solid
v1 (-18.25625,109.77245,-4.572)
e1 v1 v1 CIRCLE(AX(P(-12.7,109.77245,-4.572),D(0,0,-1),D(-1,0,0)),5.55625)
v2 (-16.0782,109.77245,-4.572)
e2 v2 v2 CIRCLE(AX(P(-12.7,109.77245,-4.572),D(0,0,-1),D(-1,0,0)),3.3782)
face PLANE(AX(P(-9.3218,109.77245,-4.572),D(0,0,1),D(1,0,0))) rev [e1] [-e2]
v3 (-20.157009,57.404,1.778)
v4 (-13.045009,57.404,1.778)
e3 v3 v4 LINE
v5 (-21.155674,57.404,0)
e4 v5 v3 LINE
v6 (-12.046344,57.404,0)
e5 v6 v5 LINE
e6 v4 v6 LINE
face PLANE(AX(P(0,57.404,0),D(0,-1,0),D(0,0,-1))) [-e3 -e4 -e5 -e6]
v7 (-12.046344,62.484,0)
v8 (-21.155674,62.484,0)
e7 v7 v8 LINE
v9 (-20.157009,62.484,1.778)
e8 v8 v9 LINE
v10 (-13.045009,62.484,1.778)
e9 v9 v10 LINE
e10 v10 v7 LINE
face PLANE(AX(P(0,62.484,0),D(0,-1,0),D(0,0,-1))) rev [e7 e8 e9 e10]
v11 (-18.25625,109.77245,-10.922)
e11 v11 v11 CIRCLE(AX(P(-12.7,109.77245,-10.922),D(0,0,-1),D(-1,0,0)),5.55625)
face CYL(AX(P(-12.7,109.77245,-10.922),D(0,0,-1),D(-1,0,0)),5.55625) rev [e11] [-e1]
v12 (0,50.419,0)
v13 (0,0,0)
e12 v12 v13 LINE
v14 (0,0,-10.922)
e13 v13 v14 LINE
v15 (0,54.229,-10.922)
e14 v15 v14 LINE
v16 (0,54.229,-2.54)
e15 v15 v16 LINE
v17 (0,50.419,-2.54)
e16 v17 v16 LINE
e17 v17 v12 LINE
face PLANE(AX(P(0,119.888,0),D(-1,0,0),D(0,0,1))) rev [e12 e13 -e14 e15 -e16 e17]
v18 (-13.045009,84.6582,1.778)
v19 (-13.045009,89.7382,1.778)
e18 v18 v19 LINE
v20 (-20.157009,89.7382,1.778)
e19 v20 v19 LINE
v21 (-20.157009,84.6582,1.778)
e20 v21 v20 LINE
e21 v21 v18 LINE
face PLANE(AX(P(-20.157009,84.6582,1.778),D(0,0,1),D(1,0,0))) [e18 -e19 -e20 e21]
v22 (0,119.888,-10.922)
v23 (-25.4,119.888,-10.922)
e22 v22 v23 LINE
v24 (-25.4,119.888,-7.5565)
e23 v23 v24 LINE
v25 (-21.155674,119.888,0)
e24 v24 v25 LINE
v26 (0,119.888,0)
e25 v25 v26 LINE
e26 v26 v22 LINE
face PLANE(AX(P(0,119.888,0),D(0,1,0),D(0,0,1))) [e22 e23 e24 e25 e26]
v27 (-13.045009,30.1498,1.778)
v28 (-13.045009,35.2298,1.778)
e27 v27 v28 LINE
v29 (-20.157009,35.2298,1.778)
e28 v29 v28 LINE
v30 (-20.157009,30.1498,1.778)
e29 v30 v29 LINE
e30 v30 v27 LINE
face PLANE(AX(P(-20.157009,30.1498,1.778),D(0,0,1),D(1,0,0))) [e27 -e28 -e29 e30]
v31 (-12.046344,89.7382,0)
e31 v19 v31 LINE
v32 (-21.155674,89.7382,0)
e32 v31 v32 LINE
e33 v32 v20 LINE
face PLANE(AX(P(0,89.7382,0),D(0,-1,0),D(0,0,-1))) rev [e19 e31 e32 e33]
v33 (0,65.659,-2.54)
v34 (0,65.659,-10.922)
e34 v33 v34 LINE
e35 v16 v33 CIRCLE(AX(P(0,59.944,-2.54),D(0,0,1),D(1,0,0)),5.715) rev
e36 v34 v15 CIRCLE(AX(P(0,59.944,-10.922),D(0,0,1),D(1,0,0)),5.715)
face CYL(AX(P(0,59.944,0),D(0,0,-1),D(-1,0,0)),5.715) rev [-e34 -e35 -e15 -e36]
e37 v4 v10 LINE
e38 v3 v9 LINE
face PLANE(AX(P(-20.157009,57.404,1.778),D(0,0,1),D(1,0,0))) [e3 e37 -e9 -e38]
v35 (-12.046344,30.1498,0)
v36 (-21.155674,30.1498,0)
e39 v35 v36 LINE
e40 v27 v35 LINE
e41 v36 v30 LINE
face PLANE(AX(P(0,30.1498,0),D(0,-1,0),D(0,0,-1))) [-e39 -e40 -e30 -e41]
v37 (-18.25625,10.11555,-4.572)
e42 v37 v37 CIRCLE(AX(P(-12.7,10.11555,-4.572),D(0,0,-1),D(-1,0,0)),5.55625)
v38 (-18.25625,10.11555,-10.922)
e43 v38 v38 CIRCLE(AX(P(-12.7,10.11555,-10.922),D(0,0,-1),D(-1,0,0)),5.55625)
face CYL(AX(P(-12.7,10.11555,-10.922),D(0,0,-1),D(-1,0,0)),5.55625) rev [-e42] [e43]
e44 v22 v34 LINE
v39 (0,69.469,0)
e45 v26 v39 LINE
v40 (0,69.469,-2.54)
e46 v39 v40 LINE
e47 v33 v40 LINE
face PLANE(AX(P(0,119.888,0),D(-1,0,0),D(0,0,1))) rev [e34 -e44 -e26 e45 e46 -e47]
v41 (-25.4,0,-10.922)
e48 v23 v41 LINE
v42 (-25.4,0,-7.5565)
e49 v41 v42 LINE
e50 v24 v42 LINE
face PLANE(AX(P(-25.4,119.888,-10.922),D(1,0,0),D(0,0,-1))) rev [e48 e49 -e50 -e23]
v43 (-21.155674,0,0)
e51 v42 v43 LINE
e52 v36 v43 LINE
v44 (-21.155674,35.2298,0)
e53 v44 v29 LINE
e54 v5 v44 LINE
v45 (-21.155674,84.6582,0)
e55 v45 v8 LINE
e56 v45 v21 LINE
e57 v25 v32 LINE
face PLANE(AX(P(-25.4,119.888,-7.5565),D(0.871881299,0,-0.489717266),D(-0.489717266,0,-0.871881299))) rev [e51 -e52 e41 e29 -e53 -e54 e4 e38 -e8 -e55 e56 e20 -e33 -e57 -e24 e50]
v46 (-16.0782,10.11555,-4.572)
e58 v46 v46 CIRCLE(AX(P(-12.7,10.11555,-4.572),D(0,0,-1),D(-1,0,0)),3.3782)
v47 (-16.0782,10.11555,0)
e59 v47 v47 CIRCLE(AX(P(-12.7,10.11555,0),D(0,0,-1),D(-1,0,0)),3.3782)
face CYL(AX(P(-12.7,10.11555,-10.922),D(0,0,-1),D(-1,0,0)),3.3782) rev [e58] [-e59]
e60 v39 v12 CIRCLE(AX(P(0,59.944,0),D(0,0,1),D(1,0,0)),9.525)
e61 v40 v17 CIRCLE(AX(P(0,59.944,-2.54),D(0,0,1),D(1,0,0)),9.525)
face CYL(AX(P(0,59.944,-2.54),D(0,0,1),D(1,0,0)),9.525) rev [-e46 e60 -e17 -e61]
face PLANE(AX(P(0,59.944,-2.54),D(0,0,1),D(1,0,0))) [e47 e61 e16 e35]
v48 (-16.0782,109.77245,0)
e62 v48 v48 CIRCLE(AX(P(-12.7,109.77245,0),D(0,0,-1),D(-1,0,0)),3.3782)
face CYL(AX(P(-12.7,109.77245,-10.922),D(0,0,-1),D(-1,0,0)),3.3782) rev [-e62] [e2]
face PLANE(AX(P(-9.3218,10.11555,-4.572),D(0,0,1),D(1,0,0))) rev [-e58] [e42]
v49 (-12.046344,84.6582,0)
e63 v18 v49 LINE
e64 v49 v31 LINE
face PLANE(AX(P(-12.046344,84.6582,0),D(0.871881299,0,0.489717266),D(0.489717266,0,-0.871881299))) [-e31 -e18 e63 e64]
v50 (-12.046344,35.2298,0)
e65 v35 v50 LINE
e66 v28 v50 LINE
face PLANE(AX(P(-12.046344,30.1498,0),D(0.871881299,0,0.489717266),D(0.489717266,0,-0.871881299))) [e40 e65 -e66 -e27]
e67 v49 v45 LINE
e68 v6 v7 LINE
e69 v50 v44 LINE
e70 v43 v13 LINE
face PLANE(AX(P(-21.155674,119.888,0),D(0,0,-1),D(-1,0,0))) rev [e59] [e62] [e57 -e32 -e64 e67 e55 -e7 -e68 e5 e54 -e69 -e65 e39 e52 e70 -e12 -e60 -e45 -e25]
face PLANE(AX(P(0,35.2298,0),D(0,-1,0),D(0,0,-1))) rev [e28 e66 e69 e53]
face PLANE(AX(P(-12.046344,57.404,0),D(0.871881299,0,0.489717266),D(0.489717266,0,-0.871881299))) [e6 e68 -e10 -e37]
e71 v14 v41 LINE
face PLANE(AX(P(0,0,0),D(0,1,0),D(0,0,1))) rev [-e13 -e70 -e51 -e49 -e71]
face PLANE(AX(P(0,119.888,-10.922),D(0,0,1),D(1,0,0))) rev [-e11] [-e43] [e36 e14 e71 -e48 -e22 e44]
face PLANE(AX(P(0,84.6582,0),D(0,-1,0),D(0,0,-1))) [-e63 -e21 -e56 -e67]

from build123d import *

# Parameters (mm, degrees)
BOSS_EXTRUDE1_DEPTH                              = 119.888
CBORE_FOR_1_4_SOCKET_HEAD_CAP_SCREW1_D           = 6.7564
CBORE_FOR_1_4_SOCKET_HEAD_CAP_SCREW1_CBORE_D     = 11.1125
CBORE_FOR_1_4_SOCKET_HEAD_CAP_SCREW1_CBORE_DEPTH = 6.35
SKETCH4_R                                        = 5.715
CUT_EXTRUDE1_DEPTH                               = 124.034883785
BOSS_EXTRUDE2_DEPTH                              = 2.54
LPATTERN1_COUNT                                  = 2
LPATTERN1_PITCH                                  = 27.2542
LPATTERN1_COL_COUNT                              = 2
LPATTERN1_COL_PITCH                              = 27.2542
SKETCH6_R                                        = 9.525
CUT_EXTRUDE2_DEPTH                               = 2.54


with BuildPart() as part:
    # Sketch1 → Boss-Extrude1 (new body)
    with BuildSketch(Plane(origin=(0, 0, 0), x_dir=(1, 0, 0), z_dir=(0, 1, 0))):
        Polygon((0, 0), (0, 10.922), (-25.4, 10.922), (-25.4, 7.5565), (-21.155673935, 0), align=None)
    extrude(amount=BOSS_EXTRUDE1_DEPTH)

    # CBORE for 1/4 Socket Head Cap Screw1 (through all)
    with Locations(Plane(origin=(0, 0, -10.922), x_dir=(-1, 0, 0), z_dir=(0, 0, -1))):
        with Locations((12.7, 109.77245), (12.7, 10.11555)):
            CounterBoreHole(CBORE_FOR_1_4_SOCKET_HEAD_CAP_SCREW1_D / 2, CBORE_FOR_1_4_SOCKET_HEAD_CAP_SCREW1_CBORE_D / 2, CBORE_FOR_1_4_SOCKET_HEAD_CAP_SCREW1_CBORE_DEPTH)

    # Sketch4 → Cut-Extrude1 (cut, through all)
    with BuildSketch(Plane(origin=(0, 0, -10.922), x_dir=(-1, 0, 0), z_dir=(0, 0, -1))):
        with Locations((0, 59.944)):
            Circle(SKETCH4_R)
    extrude(amount=-CUT_EXTRUDE1_DEPTH, mode=Mode.SUBTRACT)

    # Sketch5 → Boss-Extrude2 (add, symmetric)
    with BuildSketch(Plane(origin=(0, 59.944, 0), x_dir=(1, 0, 0), z_dir=(0, 1, 0))):
        Polygon((-21.155673935, 0), (-20.157008978, -1.778), (-13.045008978, -1.778), (-12.046344022, 0), align=None)
    boss_extrude2 = extrude(amount=BOSS_EXTRUDE2_DEPTH, both=True)

    # LPattern1: Boss-Extrude2 ×2
    with Locations(*[(0, -i * LPATTERN1_PITCH, 0) for i in range(1, LPATTERN1_COUNT)]):
        add(boss_extrude2)

    # LPattern1 col: Boss-Extrude2 ×2
    with Locations(*[(0, i * LPATTERN1_COL_PITCH, 0) for i in range(1, LPATTERN1_COL_COUNT)]):
        add(boss_extrude2)

    # Sketch6 → Cut-Extrude2 (cut)
    with BuildSketch(Plane.XY):
        with Locations((0, 59.944)):
            Circle(SKETCH6_R)
    extrude(amount=-CUT_EXTRUDE2_DEPTH, mode=Mode.SUBTRACT)


solid = part.part
